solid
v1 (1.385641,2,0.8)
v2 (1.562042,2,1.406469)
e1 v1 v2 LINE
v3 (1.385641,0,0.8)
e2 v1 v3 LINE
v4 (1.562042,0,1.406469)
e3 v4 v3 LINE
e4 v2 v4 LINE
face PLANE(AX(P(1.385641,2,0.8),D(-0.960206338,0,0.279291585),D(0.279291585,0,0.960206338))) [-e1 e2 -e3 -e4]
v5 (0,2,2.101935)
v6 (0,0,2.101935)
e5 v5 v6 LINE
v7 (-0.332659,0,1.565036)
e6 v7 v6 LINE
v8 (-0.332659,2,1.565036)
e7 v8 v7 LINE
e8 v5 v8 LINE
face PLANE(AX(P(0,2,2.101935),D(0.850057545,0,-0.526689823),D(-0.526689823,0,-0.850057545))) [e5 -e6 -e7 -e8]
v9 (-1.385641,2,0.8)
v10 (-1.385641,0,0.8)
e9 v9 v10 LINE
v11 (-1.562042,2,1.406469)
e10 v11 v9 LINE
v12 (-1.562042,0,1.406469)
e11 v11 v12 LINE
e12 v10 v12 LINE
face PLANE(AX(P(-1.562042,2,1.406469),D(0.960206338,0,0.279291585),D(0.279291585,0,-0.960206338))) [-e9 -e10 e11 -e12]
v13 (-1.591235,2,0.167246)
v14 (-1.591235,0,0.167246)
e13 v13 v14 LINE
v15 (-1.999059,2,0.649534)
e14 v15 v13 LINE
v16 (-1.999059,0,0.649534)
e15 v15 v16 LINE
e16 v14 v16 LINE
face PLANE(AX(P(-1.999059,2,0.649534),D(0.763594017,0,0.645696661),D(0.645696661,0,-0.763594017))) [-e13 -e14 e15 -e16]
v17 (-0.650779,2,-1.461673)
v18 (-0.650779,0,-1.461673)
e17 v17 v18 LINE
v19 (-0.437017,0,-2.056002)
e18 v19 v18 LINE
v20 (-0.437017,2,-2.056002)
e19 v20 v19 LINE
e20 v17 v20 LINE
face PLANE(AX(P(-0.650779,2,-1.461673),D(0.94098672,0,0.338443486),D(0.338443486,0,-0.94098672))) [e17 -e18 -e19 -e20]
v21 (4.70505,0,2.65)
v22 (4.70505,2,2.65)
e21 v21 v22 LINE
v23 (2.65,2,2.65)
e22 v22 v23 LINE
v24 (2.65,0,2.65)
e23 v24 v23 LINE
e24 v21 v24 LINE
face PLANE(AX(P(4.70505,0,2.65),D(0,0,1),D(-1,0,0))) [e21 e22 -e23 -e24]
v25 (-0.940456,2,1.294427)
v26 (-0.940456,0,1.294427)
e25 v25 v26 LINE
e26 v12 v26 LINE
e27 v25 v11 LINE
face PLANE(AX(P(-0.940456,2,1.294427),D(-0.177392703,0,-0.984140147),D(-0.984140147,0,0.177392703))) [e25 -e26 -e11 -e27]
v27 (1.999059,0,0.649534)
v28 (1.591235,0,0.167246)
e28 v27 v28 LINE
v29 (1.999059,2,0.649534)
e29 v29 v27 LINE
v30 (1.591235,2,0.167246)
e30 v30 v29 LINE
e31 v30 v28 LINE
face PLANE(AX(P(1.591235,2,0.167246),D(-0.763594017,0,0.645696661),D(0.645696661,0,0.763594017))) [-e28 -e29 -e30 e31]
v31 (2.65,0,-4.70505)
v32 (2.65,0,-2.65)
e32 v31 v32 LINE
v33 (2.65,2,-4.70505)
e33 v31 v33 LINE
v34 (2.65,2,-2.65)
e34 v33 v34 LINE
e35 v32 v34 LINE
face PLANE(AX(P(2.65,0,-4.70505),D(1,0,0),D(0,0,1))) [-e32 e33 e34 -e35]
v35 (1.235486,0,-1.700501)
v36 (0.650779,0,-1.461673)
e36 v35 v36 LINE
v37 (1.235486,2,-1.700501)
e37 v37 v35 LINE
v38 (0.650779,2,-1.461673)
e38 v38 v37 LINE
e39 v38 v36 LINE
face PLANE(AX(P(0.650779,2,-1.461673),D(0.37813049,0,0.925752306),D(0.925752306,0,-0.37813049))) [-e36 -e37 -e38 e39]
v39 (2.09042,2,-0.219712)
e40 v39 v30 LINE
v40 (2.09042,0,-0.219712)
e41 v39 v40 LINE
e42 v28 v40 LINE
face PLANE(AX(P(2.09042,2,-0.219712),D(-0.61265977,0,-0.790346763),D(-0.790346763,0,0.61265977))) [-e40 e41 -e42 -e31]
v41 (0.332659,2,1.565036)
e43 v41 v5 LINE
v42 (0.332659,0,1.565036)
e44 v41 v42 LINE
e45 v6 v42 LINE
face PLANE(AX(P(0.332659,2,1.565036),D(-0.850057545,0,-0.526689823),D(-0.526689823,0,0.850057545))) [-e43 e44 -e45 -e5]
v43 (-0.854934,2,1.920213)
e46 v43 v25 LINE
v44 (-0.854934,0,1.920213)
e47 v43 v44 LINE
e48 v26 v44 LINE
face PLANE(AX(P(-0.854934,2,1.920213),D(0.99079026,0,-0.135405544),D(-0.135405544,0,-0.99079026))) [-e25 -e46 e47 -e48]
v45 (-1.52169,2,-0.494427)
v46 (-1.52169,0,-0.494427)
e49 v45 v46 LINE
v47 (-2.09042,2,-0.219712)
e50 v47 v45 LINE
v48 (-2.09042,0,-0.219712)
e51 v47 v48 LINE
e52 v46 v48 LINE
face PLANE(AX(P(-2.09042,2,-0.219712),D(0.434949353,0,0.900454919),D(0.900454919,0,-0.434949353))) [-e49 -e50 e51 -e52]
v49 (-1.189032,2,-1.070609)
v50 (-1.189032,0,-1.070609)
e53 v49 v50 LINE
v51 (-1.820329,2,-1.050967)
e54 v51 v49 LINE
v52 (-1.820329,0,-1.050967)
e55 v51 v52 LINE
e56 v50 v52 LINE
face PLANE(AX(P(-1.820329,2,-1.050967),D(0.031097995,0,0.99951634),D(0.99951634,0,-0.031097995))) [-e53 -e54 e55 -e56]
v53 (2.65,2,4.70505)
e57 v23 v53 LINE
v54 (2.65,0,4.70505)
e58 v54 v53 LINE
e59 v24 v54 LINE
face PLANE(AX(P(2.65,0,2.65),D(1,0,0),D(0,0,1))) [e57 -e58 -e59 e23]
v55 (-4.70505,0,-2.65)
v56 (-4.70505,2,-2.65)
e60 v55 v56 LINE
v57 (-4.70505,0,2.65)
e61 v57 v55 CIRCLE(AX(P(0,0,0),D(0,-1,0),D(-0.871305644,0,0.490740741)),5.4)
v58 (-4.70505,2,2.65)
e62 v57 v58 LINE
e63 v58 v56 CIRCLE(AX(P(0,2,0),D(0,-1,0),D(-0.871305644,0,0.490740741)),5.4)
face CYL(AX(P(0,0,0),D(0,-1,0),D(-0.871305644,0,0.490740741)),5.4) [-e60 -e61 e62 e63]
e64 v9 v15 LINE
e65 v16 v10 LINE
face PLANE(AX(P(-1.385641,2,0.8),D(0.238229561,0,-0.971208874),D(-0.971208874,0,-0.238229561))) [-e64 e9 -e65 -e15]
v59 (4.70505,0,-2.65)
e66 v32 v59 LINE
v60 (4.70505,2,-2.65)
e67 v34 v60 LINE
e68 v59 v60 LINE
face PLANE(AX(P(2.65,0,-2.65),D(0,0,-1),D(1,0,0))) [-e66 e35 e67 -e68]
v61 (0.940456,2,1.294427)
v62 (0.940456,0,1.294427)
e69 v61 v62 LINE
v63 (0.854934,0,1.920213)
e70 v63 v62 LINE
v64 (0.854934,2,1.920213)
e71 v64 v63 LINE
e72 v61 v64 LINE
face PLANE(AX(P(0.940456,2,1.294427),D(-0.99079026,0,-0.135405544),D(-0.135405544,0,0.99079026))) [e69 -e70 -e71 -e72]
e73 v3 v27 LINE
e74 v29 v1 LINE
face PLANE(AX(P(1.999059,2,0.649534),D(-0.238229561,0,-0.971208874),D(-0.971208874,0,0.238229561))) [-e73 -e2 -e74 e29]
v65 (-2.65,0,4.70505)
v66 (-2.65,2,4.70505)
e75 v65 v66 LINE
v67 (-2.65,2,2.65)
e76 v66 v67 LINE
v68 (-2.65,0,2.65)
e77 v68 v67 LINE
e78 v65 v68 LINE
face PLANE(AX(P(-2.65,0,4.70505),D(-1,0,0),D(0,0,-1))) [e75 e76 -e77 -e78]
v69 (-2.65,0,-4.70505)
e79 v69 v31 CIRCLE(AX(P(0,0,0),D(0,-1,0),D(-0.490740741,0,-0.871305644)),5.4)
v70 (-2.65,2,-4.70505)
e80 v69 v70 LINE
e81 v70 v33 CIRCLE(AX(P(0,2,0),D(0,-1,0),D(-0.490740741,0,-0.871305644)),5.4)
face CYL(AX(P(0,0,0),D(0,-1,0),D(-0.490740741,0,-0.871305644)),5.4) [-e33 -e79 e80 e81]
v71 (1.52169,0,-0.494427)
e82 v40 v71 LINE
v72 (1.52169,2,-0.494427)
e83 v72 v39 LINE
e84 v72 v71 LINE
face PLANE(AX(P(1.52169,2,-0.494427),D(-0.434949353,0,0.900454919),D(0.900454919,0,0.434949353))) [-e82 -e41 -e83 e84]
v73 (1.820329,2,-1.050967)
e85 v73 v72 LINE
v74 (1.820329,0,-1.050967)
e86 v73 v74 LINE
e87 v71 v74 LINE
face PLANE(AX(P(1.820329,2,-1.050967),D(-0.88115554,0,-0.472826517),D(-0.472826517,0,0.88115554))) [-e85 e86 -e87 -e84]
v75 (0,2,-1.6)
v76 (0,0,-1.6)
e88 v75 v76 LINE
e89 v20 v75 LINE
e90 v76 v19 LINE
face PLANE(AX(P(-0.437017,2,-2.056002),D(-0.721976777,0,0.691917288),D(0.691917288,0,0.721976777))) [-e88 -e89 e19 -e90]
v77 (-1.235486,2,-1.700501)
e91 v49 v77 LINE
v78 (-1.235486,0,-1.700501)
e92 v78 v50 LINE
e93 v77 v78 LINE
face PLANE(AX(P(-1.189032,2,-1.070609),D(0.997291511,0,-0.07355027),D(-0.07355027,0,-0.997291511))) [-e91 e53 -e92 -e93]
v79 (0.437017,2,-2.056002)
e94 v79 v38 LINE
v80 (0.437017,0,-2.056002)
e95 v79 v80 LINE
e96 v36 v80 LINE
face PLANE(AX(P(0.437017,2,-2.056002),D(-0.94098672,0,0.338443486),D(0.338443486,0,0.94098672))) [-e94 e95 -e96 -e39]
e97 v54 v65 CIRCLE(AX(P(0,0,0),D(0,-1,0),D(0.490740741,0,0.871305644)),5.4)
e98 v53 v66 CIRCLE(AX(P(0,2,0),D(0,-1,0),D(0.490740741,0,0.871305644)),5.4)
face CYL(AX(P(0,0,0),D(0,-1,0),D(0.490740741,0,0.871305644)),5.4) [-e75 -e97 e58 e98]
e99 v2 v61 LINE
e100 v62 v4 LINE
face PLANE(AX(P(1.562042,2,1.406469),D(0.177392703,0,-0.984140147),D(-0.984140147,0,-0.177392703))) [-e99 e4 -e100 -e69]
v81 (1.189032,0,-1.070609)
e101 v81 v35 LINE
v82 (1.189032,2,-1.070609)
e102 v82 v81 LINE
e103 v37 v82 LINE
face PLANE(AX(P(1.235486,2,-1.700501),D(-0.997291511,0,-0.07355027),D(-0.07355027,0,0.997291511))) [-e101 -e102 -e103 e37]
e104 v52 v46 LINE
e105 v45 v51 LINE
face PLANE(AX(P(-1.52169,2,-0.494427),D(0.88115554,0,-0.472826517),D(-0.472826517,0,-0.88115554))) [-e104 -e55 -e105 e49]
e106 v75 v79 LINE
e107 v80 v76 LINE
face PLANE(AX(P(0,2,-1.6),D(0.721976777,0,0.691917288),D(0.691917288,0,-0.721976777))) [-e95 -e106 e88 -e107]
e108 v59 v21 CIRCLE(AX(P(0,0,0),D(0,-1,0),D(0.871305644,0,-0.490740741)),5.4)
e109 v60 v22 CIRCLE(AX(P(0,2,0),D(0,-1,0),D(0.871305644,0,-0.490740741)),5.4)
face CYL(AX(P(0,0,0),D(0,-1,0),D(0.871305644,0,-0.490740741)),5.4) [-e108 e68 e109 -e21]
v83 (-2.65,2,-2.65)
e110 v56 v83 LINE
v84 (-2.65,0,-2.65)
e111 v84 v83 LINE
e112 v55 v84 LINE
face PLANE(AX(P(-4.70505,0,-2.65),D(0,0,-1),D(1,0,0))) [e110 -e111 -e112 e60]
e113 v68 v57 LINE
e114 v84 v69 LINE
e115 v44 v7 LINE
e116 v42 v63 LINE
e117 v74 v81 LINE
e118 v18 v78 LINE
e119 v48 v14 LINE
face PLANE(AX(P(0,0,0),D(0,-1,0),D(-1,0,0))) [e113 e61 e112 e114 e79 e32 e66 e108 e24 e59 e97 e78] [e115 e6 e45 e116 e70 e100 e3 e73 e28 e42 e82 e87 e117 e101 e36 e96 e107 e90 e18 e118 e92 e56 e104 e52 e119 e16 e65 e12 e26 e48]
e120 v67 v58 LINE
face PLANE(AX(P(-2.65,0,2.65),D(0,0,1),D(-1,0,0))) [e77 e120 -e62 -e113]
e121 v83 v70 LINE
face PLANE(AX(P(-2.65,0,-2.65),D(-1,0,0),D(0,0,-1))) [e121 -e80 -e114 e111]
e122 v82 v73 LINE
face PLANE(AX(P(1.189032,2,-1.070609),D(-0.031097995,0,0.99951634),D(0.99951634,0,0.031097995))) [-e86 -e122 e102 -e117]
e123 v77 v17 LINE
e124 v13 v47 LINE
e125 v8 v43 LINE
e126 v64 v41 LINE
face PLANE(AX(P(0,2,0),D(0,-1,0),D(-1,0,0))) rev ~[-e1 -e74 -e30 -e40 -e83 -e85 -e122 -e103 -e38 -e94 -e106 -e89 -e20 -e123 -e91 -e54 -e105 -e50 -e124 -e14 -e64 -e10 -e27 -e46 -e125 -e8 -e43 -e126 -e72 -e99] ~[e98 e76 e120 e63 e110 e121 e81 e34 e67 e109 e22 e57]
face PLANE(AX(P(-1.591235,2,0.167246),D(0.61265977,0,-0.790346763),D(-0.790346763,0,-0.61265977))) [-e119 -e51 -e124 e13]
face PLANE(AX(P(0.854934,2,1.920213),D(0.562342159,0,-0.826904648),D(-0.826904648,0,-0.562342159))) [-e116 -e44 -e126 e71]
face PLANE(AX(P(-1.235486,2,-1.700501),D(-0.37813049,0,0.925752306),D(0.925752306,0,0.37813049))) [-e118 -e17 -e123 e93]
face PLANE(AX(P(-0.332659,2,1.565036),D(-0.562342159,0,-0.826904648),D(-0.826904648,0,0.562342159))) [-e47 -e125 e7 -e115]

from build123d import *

# Parameters (mm, degrees)
EXTRUDE_1_DEPTH     = 2
CUT_EXTRUDE_2_DEPTH = 2.2


with BuildPart() as part:
    # ｽｹｯﾁ1 → ﾎﾞｽ - 押し出し1 (new body)
    with BuildSketch(Plane(origin=(0, 0, 0), x_dir=(1, 0, 0), z_dir=(0, 1, 0))):
        with BuildLine():
            Line((2.65, 4.705050478), (2.65, 2.65))
            Line((2.65, 2.65), (4.705050478, 2.65))
            ThreePointArc((4.705050478, 2.65), (5.4, 0), (4.705050478, -2.65))
            Line((4.705050478, -2.65), (2.65, -2.65))
            Line((2.65, -2.65), (2.65, -4.705050478))
            ThreePointArc((2.65, -4.705050478), (0, -5.4), (-2.65, -4.705050478))
            Line((-2.65, -4.705050478), (-2.65, -2.65))
            Line((-2.65, -2.65), (-4.705050478, -2.65))
            ThreePointArc((-4.705050478, -2.65), (-5.4, 0), (-4.705050478, 2.65))
            Line((-4.705050478, 2.65), (-2.65, 2.65))
            Line((-2.65, 2.65), (-2.65, 4.705050478))
            ThreePointArc((-2.65, 4.705050478), (0, 5.4), (2.65, 4.705050478))
        make_face()
    extrude(amount=EXTRUDE_1_DEPTH)

    # ｽｹｯﾁ4 → ｶｯﾄ - 押し出し2 (cut)
    with BuildSketch(Plane(origin=(0, 2, 0), x_dir=(1, 0, 0), z_dir=(0, 1, 0))):
        Polygon((0, 1.6), (0.437016815, 2.056002469), (0.650778629, 1.461672732), (1.235486269, 1.700500964), (1.189031721, 1.07060897), (1.820328922, 1.050967393), (1.521690426, 0.494427191), (2.090420168, 0.219712013), (1.591235033, -0.167245541), (1.999058776, -0.64953357), (1.385640646, -0.8), (1.56204196, -1.406468898), (0.940456404, -1.294427191), (0.854933899, -1.920212977), (0.332658705, -1.565036161), (0, -2.101934787), (-0.332658705, -1.565036161), (-0.854933899, -1.920212977), (-0.940456404, -1.294427191), (-1.56204196, -1.406468898), (-1.385640646, -0.8), (-1.999058776, -0.64953357), (-1.591235033, -0.167245541), (-2.090420168, 0.219712013), (-1.521690426, 0.494427191), (-1.820328922, 1.050967393), (-1.189031721, 1.07060897), (-1.235486269, 1.700500964), (-0.650778629, 1.461672732), (-0.437016815, 2.056002469), align=None)
    extrude(amount=-CUT_EXTRUDE_2_DEPTH, mode=Mode.SUBTRACT)


solid = part.part
